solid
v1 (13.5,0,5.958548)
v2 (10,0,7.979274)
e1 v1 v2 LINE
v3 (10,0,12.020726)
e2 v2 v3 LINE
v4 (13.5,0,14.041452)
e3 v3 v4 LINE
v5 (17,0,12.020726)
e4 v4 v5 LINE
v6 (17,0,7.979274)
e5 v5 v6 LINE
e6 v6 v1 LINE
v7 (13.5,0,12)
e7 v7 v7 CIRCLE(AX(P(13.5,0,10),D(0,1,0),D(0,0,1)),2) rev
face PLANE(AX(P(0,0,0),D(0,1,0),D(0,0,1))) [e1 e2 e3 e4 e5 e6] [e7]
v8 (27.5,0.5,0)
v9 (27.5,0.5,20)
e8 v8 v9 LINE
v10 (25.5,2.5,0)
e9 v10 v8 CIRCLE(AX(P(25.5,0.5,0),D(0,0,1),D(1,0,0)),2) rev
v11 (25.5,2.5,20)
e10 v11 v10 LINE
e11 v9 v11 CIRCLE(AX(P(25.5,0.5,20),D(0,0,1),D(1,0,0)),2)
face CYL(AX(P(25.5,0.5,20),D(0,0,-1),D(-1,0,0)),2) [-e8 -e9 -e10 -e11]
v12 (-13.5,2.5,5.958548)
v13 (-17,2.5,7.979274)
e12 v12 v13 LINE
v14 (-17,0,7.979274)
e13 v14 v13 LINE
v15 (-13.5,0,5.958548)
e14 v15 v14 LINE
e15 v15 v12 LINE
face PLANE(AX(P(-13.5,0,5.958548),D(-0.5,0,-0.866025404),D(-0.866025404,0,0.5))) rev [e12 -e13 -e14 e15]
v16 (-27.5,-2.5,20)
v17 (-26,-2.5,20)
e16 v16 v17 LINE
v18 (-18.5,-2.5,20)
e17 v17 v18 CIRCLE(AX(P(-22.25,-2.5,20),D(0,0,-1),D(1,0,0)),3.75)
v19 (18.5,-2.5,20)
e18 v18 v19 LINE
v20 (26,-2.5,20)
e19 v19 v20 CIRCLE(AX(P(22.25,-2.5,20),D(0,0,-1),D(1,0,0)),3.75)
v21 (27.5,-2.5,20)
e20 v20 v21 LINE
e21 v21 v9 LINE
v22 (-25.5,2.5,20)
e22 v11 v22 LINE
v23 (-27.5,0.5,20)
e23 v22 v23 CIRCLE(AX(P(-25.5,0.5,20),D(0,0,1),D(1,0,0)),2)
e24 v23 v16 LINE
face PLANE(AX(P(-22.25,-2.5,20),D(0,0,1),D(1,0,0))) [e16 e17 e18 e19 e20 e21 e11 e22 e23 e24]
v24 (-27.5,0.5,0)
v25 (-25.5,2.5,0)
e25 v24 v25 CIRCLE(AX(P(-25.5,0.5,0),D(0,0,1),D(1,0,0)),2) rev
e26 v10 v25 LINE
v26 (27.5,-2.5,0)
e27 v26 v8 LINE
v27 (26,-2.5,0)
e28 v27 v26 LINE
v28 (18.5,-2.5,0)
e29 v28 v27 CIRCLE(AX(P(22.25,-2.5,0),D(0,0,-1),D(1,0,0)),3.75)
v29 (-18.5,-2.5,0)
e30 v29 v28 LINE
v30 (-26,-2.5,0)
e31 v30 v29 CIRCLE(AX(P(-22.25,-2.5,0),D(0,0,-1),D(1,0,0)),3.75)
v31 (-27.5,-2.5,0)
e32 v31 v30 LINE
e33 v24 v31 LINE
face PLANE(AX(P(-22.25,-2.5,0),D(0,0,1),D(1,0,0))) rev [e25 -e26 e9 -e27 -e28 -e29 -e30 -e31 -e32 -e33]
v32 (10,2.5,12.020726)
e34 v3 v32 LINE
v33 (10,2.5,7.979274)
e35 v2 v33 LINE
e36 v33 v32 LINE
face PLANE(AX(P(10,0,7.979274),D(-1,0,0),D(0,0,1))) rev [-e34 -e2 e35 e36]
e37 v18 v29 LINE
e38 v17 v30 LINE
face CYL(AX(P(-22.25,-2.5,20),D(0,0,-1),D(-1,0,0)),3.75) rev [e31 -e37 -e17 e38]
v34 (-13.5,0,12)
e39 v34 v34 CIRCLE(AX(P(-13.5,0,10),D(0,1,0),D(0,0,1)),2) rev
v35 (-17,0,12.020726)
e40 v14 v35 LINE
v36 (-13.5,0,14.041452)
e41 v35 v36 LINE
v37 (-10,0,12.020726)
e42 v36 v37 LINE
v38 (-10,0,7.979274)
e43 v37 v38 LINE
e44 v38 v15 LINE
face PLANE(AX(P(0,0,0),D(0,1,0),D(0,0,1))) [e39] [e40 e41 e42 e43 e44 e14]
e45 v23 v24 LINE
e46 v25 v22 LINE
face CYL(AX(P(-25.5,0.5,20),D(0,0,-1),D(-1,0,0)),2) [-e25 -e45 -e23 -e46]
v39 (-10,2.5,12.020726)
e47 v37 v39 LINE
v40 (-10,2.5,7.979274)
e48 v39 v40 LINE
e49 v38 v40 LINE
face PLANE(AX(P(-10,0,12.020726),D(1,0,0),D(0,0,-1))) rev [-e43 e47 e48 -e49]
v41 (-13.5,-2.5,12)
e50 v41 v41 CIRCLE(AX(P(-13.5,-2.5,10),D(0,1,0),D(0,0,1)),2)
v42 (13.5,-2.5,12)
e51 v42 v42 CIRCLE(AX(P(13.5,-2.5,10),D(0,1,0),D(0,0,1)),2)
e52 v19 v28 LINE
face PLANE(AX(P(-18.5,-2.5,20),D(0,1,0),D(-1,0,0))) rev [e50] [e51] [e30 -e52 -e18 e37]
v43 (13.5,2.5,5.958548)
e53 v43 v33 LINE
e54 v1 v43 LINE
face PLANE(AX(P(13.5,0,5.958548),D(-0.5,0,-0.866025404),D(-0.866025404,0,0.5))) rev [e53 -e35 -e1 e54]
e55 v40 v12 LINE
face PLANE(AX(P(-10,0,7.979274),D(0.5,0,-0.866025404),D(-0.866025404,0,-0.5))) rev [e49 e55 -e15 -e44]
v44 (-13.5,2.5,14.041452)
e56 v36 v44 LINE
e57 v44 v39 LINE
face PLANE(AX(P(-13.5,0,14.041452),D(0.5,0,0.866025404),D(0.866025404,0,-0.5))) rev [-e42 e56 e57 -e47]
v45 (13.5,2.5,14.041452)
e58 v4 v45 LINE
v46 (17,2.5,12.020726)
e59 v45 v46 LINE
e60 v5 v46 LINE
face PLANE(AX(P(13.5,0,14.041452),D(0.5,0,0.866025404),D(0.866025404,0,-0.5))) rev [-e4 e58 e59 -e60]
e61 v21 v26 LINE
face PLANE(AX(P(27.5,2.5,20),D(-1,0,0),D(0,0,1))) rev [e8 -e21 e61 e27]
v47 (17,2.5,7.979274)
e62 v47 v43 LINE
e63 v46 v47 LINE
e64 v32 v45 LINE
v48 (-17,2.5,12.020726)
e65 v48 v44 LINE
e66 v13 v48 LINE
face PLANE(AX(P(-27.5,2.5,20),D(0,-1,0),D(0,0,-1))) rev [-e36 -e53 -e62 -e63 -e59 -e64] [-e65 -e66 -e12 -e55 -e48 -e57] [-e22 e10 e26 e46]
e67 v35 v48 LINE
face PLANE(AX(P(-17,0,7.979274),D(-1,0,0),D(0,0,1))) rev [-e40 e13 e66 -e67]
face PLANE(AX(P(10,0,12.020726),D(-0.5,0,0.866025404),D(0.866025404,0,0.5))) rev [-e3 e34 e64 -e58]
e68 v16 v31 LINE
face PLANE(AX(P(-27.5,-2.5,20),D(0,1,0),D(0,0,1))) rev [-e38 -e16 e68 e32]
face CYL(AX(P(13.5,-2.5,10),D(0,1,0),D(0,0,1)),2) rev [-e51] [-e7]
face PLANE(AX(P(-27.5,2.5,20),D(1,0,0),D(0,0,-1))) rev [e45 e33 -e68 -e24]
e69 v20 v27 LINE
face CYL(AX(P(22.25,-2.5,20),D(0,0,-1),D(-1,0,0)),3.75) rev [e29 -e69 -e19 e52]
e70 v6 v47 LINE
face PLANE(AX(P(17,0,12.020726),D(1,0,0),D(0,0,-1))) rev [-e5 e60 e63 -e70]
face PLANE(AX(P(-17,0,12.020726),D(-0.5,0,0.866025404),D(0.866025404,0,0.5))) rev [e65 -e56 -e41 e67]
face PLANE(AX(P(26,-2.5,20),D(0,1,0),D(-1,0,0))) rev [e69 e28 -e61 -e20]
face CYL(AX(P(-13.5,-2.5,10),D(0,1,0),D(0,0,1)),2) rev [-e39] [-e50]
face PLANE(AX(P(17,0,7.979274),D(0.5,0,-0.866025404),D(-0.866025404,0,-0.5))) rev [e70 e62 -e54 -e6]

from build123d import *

# Parameters (mm, degrees)
EXTRUDE_1_DEPTH     = 20
FILLET_1_R          = 2
SKETCH_2_R          = 2
CUT_EXTRUDE_1_DEPTH = 35.369317712
CUT_EXTRUDE_2_DEPTH = 2.5


with BuildPart() as part:
    # 草圖1 → 填料-伸長1 (new body)
    with BuildSketch(Plane.XY):
        with BuildLine():
            Line((-18.5, -2.5), (18.5, -2.5))
            ThreePointArc((18.5, -2.5), (22.25, 1.25), (26, -2.5))
            Line((26, -2.5), (27.5, -2.5))
            Line((27.5, -2.5), (27.5, 2.5))
            Line((27.5, 2.5), (-27.5, 2.5))
            Line((-27.5, 2.5), (-27.5, -2.5))
            Line((-27.5, -2.5), (-26, -2.5))
            ThreePointArc((-26, -2.5), (-22.25, 1.25), (-18.5, -2.5))
        make_face()
    extrude(amount=EXTRUDE_1_DEPTH)

    # 圓角1
    fillet_1_edges = [part.edges().sort_by_distance(p)[0] for p in [
        (-27.5, 2.5, 10),
        (27.5, 2.5, 10),
    ]]
    fillet(fillet_1_edges, radius=FILLET_1_R)

    # 草圖2 → 除料-伸長1 (cut, through all)
    with BuildSketch(Plane(origin=(0, 2.5, 0), x_dir=(1, 0, 0), z_dir=(0, 1, 0))):
        with Locations(Location((13.5, -10, 0), (0, 0, 270))):
            Circle(SKETCH_2_R)
        with Locations(Location((-13.5, -10, 0), (0, 0, 270))):
            Circle(SKETCH_2_R)
    extrude(amount=-CUT_EXTRUDE_1_DEPTH, mode=Mode.SUBTRACT)

    # 草圖3 → 除料-伸長2 (cut)
    with BuildSketch(Plane(origin=(0, 2.5, 0), x_dir=(1, 0, 0), z_dir=(0, 1, 0))):
        Polygon((13.5, -5.958548116), (10, -7.979274058), (10, -12.020725942), (13.5, -14.041451884), (17, -12.020725942), (17, -7.979274058), align=None)
        Polygon((-13.5, -5.958548116), (-17, -7.979274058), (-17, -12.020725942), (-13.5, -14.041451884), (-10, -12.020725942), (-10, -7.979274058), align=None)
    extrude(amount=-CUT_EXTRUDE_2_DEPTH, mode=Mode.SUBTRACT)


solid = part.part
